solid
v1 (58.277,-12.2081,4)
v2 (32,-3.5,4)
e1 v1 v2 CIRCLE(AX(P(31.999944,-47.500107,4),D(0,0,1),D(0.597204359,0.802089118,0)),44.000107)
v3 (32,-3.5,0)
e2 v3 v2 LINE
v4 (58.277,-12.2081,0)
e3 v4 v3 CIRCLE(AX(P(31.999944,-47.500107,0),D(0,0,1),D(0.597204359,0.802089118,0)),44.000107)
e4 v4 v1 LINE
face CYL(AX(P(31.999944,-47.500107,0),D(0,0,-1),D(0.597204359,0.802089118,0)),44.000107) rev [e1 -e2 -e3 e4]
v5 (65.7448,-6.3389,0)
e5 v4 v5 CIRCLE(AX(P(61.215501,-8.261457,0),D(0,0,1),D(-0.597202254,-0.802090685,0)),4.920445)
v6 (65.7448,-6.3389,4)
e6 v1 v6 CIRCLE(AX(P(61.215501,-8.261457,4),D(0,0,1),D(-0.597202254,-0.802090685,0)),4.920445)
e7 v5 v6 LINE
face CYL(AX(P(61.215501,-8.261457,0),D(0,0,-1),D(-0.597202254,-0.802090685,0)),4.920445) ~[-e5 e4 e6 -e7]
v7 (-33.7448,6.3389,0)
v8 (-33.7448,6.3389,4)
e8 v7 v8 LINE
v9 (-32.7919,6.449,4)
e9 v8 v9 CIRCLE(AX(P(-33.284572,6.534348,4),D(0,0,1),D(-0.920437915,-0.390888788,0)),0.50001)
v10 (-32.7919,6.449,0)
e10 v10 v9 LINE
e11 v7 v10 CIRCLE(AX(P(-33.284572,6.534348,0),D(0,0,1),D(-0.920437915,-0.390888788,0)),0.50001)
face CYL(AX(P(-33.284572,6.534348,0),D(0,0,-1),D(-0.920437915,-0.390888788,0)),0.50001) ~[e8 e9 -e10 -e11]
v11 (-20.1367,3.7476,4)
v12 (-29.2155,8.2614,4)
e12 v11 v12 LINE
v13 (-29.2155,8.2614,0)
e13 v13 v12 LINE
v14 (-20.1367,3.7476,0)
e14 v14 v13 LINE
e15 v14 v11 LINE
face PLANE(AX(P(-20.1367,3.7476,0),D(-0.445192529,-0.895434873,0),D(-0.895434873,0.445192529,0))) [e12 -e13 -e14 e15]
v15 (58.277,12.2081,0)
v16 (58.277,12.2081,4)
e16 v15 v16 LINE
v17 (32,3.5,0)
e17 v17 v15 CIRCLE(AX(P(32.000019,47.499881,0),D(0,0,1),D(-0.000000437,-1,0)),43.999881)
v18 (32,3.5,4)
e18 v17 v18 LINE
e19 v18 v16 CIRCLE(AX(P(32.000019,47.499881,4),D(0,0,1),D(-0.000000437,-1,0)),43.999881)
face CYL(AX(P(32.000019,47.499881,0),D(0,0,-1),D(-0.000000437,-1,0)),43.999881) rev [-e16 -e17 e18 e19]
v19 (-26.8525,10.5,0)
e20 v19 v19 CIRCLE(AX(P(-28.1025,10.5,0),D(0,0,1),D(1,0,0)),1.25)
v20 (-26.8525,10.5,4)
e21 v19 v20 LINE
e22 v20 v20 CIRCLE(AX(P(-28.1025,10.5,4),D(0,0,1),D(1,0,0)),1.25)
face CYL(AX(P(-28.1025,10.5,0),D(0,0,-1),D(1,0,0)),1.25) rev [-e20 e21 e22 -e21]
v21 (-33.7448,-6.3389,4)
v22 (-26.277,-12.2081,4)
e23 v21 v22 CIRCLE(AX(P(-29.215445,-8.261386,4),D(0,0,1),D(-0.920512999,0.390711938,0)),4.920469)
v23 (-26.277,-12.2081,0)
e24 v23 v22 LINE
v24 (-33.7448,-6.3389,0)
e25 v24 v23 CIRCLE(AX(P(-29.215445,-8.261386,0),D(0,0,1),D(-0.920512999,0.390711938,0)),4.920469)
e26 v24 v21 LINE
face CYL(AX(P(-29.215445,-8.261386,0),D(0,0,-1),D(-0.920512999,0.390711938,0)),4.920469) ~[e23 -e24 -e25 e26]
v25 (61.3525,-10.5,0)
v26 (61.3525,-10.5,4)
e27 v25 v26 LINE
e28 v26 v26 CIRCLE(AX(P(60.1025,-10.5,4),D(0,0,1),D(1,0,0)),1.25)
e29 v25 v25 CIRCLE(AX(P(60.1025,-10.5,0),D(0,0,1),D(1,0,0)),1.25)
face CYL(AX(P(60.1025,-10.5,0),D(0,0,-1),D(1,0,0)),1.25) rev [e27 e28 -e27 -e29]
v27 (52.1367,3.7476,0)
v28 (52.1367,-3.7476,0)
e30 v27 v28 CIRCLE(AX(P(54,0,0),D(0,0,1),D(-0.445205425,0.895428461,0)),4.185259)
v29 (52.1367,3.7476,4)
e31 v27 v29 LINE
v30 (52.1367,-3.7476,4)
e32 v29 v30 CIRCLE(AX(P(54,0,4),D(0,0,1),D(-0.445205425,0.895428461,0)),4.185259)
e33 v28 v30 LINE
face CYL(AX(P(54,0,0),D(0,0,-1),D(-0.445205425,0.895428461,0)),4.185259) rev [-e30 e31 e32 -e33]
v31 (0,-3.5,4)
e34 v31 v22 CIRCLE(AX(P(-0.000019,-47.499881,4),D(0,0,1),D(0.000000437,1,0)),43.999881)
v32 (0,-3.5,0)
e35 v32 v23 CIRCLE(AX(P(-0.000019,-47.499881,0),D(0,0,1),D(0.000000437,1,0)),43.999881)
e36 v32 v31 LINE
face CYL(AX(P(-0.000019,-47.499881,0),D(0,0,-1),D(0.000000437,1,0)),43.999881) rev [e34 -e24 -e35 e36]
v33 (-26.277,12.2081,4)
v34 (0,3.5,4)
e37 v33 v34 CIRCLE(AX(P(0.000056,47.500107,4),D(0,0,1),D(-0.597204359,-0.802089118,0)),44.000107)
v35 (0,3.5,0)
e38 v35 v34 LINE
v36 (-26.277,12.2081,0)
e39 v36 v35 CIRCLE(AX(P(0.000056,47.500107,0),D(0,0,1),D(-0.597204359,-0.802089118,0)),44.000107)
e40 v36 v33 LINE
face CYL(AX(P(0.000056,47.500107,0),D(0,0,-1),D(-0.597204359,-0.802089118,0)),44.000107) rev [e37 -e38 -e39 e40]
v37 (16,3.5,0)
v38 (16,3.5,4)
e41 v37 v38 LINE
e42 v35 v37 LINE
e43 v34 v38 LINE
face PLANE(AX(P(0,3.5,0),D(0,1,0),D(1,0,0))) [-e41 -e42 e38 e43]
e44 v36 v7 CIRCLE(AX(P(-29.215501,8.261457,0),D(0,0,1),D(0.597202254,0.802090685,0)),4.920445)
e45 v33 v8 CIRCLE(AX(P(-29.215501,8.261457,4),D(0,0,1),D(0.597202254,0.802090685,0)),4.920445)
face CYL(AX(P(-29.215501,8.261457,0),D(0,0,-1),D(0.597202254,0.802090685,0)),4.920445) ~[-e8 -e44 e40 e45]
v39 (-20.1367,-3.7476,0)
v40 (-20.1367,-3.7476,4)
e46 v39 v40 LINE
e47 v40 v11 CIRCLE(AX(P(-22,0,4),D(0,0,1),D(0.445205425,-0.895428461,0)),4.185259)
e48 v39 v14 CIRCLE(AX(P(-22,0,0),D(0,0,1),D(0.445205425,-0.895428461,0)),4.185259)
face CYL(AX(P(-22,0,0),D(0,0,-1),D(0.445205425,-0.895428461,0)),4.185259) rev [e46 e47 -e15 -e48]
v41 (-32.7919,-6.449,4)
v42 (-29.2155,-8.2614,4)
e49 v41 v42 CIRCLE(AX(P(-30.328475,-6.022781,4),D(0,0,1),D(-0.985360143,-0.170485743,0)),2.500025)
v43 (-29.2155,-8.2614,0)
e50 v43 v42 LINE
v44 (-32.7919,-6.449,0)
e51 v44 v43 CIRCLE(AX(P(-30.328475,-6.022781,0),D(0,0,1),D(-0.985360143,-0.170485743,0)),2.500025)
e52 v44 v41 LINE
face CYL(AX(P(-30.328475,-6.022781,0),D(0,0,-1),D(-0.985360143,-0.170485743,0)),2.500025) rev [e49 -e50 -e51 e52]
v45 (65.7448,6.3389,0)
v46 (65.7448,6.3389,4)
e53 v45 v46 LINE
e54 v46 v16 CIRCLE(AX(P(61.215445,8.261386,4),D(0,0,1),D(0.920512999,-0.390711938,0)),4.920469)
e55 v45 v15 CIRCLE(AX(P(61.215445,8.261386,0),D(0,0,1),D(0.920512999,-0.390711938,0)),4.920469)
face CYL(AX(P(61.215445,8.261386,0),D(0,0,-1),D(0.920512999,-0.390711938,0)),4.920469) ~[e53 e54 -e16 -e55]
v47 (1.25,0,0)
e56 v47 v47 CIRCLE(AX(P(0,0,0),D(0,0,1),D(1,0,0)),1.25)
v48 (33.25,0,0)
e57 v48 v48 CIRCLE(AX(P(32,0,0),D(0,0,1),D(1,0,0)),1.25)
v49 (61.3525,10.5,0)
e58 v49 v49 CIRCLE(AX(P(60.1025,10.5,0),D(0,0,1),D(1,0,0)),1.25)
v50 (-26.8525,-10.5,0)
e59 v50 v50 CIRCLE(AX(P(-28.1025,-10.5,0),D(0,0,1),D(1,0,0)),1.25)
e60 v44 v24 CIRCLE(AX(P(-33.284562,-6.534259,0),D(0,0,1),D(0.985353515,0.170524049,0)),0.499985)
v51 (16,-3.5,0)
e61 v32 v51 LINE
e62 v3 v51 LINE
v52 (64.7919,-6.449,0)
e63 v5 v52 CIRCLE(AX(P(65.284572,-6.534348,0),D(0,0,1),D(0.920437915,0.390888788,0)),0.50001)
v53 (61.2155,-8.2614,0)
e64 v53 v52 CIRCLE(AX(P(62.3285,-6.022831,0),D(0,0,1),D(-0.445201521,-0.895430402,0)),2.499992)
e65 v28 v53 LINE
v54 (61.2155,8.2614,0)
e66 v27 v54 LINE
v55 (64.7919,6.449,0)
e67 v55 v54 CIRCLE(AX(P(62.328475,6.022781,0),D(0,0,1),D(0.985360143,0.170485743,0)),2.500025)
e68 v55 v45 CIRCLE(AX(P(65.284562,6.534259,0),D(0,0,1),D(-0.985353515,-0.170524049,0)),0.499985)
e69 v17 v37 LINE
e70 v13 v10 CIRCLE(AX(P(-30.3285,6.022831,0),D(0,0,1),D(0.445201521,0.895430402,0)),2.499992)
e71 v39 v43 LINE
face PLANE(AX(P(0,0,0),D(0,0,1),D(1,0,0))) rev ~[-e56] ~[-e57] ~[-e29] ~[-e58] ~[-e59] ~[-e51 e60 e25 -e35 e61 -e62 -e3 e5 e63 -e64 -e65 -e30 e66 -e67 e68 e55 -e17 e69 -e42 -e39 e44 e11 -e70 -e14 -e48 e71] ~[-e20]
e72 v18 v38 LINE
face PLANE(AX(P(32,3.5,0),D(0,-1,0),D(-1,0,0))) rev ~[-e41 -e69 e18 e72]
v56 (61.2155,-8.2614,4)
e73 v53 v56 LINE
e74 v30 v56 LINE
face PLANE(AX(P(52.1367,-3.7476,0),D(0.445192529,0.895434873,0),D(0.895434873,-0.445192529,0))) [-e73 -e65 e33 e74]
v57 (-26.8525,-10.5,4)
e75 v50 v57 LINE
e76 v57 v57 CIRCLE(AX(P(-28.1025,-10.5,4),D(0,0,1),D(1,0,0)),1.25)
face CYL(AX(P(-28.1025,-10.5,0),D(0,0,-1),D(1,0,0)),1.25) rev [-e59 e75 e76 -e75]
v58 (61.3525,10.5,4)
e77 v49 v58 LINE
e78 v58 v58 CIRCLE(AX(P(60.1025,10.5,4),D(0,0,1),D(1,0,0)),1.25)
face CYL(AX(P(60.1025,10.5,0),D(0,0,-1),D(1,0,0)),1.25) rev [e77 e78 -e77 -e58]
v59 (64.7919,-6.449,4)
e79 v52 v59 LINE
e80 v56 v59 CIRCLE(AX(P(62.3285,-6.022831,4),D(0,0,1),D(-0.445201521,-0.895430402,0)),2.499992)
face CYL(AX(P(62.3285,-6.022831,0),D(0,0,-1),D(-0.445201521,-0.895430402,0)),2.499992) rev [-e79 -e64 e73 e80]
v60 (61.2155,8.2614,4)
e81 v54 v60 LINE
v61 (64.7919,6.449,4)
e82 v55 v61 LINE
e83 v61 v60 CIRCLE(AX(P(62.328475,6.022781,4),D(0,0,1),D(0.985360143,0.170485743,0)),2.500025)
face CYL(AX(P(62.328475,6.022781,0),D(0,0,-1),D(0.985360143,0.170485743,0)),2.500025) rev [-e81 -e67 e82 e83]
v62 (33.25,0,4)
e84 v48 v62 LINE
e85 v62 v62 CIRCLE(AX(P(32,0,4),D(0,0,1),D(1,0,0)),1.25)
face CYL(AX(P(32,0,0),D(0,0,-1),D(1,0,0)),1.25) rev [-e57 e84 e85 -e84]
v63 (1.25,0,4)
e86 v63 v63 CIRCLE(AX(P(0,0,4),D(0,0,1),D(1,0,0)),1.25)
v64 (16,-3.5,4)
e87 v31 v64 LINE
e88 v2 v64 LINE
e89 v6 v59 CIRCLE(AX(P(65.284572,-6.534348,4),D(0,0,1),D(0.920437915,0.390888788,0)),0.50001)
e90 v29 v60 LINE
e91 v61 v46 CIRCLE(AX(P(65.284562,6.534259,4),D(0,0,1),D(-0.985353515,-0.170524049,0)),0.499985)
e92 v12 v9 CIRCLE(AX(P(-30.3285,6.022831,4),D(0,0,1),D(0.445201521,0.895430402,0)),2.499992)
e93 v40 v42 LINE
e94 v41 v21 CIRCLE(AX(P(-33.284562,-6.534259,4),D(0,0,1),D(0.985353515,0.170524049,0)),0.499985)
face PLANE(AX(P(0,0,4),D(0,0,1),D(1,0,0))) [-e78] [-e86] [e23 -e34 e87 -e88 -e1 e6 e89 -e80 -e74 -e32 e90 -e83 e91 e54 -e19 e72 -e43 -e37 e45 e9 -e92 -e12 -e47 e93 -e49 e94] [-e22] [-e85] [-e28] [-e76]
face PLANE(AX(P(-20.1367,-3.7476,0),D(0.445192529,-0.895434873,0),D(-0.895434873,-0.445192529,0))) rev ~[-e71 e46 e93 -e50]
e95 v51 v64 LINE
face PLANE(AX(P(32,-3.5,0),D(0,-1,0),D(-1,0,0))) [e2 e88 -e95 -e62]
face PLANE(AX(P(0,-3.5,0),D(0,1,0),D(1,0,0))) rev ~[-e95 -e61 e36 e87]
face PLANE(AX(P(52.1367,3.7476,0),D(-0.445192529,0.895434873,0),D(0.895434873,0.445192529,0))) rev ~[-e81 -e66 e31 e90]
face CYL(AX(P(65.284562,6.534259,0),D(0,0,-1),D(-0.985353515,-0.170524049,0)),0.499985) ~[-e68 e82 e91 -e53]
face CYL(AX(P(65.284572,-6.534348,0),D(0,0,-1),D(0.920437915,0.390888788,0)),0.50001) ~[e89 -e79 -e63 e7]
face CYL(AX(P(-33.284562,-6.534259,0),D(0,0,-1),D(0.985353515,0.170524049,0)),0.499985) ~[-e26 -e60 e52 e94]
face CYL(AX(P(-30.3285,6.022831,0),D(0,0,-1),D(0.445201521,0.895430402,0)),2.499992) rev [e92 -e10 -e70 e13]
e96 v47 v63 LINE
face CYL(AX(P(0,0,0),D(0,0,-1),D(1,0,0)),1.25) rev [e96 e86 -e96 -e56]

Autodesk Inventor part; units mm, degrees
ref_plane "YZ Plane" through (0, 0, 0) normal (1, 0, 0) x (0, 1, 0)
ref_plane "XZ Plane" through (0, 0, 0) normal (0, 1, 0) x (-1, 0, 0)
ref_plane "XY Plane" through (0, 0, 0) normal (0, 0, 1) x (1, 0, 0)
sketch "Sketch1" plane through (0, 0, 0) normal (0, 0, 1) x (1, 0, 0)
  circle A0 centre (0, 0) radius 1.25
  circle A1 centre (-28.1025, 10.5) radius 1.25
  circle A2 centre (-28.1025, -10.5) radius 1.25
  line L0 (0, 0) -> (-28.1025, 0) construction
  line L1 (-28.1025, 10.5) -> (0, 0) construction
  line L2 (-28.1025, 0) -> (-28.1025, 10.5) construction
  circle A3 centre (0, 0) radius 2.5 construction
  circle A4 centre (-28.1025, 10.5) radius 2.5 construction
  circle A5 centre (-28.1025, -10.5) radius 2.5 construction
  line L3 (0, 0) -> (0, 7) construction
  line L4 (0, 3.5) -> (16, 3.5)
  arc A6 (-26.277, 12.2081) -> (0, 3.5) centre (0, 47.5) ccw
  line L5 (0, -3.5) -> (16, -3.5)
  line L6 (16, 0) -> (16, 5.5221) construction
  circle A7 centre (32, 0) radius 1.25
  circle A8 centre (60.1025, 10.5) radius 1.25
  circle A9 centre (60.1025, -10.5) radius 1.25
  line L7 (32, 0) -> (60.1025, 0) construction
  line L8 (60.1025, 10.5) -> (32, 0) construction
  line L9 (60.1025, 0) -> (60.1025, 10.5) construction
  circle A10 centre (32, 0) radius 2.5 construction
  circle A11 centre (60.1025, 10.5) radius 2.5 construction
  circle A12 centre (60.1025, -10.5) radius 2.5 construction
  line L10 (32, 0) -> (32, 7) construction
  line L11 (32, 3.5) -> (16, 3.5)
  line L12 (32, -3.5) -> (16, -3.5)
  arc A13 (-20.1367, -3.7476) -> (-20.1367, 3.7476) centre (-22, 0) ccw
  arc A14 (-26.277, 12.2081) -> (-33.7448, 6.3389) centre (-29.2155, 8.2614) ccw
  line L13 (-20.1367, 3.7476) -> (-29.2155, 8.2614)
  arc A15 (-29.2155, 8.2614) -> (-32.7919, 6.449) centre (-30.3285, 6.0228) ccw
  arc A16 (-33.7448, 6.3389) -> (-32.7919, 6.449) centre (-33.2846, 6.5343) ccw
  arc A17 (0, -3.5) -> (-26.277, -12.2081) centre (0, -47.5) ccw
  arc A18 (-33.7448, -6.3389) -> (-26.277, -12.2081) centre (-29.2155, -8.2614) ccw
  line L14 (-20.1367, -3.7476) -> (-29.2155, -8.2614)
  arc A19 (-32.7919, -6.449) -> (-29.2155, -8.2614) centre (-30.3285, -6.0228) ccw
  arc A20 (-32.7919, -6.449) -> (-33.7448, -6.3389) centre (-33.2846, -6.5343) ccw
  arc A21 (32, 3.5) -> (58.277, 12.2081) centre (32, 47.5) ccw
  arc A22 (52.1367, 3.7476) -> (52.1367, -3.7476) centre (54, 0) ccw
  arc A23 (65.7448, 6.3389) -> (58.277, 12.2081) centre (61.2155, 8.2614) ccw
  line L15 (52.1367, 3.7476) -> (61.2155, 8.2614)
  arc A24 (64.7919, 6.449) -> (61.2155, 8.2614) centre (62.3285, 6.0228) ccw
  arc A25 (64.7919, 6.449) -> (65.7448, 6.3389) centre (65.2846, 6.5343) ccw
  arc A26 (58.277, -12.2081) -> (32, -3.5) centre (32, -47.5) ccw
  arc A27 (58.277, -12.2081) -> (65.7448, -6.3389) centre (61.2155, -8.2614) ccw
  arc A28 (61.2155, -8.2614) -> (64.7919, -6.449) centre (62.3285, -6.0228) ccw
  line L16 (52.1367, -3.7476) -> (61.2155, -8.2614)
  arc A29 (65.7448, -6.3389) -> (64.7919, -6.449) centre (65.2846, -6.5343) ccw
  dimension "d0" = 2.5
  dimension "d1" = 10.5
  dimension "d2" = 30
  dimension "d3" = 5
  dimension "d22" = 3.5
  dimension "d27" = 16
  dimension "d32" = 0.5
  dimension "d36" = 22
  dimension "d37" = 2.5
  dimension "d38" = 0.5
  dimension "d45" = 88.205
  dimension "d47" = 44
extrude "Extrusion1" add sketch "Sketch1" along normal blind 4
properties part number "legFrame"
